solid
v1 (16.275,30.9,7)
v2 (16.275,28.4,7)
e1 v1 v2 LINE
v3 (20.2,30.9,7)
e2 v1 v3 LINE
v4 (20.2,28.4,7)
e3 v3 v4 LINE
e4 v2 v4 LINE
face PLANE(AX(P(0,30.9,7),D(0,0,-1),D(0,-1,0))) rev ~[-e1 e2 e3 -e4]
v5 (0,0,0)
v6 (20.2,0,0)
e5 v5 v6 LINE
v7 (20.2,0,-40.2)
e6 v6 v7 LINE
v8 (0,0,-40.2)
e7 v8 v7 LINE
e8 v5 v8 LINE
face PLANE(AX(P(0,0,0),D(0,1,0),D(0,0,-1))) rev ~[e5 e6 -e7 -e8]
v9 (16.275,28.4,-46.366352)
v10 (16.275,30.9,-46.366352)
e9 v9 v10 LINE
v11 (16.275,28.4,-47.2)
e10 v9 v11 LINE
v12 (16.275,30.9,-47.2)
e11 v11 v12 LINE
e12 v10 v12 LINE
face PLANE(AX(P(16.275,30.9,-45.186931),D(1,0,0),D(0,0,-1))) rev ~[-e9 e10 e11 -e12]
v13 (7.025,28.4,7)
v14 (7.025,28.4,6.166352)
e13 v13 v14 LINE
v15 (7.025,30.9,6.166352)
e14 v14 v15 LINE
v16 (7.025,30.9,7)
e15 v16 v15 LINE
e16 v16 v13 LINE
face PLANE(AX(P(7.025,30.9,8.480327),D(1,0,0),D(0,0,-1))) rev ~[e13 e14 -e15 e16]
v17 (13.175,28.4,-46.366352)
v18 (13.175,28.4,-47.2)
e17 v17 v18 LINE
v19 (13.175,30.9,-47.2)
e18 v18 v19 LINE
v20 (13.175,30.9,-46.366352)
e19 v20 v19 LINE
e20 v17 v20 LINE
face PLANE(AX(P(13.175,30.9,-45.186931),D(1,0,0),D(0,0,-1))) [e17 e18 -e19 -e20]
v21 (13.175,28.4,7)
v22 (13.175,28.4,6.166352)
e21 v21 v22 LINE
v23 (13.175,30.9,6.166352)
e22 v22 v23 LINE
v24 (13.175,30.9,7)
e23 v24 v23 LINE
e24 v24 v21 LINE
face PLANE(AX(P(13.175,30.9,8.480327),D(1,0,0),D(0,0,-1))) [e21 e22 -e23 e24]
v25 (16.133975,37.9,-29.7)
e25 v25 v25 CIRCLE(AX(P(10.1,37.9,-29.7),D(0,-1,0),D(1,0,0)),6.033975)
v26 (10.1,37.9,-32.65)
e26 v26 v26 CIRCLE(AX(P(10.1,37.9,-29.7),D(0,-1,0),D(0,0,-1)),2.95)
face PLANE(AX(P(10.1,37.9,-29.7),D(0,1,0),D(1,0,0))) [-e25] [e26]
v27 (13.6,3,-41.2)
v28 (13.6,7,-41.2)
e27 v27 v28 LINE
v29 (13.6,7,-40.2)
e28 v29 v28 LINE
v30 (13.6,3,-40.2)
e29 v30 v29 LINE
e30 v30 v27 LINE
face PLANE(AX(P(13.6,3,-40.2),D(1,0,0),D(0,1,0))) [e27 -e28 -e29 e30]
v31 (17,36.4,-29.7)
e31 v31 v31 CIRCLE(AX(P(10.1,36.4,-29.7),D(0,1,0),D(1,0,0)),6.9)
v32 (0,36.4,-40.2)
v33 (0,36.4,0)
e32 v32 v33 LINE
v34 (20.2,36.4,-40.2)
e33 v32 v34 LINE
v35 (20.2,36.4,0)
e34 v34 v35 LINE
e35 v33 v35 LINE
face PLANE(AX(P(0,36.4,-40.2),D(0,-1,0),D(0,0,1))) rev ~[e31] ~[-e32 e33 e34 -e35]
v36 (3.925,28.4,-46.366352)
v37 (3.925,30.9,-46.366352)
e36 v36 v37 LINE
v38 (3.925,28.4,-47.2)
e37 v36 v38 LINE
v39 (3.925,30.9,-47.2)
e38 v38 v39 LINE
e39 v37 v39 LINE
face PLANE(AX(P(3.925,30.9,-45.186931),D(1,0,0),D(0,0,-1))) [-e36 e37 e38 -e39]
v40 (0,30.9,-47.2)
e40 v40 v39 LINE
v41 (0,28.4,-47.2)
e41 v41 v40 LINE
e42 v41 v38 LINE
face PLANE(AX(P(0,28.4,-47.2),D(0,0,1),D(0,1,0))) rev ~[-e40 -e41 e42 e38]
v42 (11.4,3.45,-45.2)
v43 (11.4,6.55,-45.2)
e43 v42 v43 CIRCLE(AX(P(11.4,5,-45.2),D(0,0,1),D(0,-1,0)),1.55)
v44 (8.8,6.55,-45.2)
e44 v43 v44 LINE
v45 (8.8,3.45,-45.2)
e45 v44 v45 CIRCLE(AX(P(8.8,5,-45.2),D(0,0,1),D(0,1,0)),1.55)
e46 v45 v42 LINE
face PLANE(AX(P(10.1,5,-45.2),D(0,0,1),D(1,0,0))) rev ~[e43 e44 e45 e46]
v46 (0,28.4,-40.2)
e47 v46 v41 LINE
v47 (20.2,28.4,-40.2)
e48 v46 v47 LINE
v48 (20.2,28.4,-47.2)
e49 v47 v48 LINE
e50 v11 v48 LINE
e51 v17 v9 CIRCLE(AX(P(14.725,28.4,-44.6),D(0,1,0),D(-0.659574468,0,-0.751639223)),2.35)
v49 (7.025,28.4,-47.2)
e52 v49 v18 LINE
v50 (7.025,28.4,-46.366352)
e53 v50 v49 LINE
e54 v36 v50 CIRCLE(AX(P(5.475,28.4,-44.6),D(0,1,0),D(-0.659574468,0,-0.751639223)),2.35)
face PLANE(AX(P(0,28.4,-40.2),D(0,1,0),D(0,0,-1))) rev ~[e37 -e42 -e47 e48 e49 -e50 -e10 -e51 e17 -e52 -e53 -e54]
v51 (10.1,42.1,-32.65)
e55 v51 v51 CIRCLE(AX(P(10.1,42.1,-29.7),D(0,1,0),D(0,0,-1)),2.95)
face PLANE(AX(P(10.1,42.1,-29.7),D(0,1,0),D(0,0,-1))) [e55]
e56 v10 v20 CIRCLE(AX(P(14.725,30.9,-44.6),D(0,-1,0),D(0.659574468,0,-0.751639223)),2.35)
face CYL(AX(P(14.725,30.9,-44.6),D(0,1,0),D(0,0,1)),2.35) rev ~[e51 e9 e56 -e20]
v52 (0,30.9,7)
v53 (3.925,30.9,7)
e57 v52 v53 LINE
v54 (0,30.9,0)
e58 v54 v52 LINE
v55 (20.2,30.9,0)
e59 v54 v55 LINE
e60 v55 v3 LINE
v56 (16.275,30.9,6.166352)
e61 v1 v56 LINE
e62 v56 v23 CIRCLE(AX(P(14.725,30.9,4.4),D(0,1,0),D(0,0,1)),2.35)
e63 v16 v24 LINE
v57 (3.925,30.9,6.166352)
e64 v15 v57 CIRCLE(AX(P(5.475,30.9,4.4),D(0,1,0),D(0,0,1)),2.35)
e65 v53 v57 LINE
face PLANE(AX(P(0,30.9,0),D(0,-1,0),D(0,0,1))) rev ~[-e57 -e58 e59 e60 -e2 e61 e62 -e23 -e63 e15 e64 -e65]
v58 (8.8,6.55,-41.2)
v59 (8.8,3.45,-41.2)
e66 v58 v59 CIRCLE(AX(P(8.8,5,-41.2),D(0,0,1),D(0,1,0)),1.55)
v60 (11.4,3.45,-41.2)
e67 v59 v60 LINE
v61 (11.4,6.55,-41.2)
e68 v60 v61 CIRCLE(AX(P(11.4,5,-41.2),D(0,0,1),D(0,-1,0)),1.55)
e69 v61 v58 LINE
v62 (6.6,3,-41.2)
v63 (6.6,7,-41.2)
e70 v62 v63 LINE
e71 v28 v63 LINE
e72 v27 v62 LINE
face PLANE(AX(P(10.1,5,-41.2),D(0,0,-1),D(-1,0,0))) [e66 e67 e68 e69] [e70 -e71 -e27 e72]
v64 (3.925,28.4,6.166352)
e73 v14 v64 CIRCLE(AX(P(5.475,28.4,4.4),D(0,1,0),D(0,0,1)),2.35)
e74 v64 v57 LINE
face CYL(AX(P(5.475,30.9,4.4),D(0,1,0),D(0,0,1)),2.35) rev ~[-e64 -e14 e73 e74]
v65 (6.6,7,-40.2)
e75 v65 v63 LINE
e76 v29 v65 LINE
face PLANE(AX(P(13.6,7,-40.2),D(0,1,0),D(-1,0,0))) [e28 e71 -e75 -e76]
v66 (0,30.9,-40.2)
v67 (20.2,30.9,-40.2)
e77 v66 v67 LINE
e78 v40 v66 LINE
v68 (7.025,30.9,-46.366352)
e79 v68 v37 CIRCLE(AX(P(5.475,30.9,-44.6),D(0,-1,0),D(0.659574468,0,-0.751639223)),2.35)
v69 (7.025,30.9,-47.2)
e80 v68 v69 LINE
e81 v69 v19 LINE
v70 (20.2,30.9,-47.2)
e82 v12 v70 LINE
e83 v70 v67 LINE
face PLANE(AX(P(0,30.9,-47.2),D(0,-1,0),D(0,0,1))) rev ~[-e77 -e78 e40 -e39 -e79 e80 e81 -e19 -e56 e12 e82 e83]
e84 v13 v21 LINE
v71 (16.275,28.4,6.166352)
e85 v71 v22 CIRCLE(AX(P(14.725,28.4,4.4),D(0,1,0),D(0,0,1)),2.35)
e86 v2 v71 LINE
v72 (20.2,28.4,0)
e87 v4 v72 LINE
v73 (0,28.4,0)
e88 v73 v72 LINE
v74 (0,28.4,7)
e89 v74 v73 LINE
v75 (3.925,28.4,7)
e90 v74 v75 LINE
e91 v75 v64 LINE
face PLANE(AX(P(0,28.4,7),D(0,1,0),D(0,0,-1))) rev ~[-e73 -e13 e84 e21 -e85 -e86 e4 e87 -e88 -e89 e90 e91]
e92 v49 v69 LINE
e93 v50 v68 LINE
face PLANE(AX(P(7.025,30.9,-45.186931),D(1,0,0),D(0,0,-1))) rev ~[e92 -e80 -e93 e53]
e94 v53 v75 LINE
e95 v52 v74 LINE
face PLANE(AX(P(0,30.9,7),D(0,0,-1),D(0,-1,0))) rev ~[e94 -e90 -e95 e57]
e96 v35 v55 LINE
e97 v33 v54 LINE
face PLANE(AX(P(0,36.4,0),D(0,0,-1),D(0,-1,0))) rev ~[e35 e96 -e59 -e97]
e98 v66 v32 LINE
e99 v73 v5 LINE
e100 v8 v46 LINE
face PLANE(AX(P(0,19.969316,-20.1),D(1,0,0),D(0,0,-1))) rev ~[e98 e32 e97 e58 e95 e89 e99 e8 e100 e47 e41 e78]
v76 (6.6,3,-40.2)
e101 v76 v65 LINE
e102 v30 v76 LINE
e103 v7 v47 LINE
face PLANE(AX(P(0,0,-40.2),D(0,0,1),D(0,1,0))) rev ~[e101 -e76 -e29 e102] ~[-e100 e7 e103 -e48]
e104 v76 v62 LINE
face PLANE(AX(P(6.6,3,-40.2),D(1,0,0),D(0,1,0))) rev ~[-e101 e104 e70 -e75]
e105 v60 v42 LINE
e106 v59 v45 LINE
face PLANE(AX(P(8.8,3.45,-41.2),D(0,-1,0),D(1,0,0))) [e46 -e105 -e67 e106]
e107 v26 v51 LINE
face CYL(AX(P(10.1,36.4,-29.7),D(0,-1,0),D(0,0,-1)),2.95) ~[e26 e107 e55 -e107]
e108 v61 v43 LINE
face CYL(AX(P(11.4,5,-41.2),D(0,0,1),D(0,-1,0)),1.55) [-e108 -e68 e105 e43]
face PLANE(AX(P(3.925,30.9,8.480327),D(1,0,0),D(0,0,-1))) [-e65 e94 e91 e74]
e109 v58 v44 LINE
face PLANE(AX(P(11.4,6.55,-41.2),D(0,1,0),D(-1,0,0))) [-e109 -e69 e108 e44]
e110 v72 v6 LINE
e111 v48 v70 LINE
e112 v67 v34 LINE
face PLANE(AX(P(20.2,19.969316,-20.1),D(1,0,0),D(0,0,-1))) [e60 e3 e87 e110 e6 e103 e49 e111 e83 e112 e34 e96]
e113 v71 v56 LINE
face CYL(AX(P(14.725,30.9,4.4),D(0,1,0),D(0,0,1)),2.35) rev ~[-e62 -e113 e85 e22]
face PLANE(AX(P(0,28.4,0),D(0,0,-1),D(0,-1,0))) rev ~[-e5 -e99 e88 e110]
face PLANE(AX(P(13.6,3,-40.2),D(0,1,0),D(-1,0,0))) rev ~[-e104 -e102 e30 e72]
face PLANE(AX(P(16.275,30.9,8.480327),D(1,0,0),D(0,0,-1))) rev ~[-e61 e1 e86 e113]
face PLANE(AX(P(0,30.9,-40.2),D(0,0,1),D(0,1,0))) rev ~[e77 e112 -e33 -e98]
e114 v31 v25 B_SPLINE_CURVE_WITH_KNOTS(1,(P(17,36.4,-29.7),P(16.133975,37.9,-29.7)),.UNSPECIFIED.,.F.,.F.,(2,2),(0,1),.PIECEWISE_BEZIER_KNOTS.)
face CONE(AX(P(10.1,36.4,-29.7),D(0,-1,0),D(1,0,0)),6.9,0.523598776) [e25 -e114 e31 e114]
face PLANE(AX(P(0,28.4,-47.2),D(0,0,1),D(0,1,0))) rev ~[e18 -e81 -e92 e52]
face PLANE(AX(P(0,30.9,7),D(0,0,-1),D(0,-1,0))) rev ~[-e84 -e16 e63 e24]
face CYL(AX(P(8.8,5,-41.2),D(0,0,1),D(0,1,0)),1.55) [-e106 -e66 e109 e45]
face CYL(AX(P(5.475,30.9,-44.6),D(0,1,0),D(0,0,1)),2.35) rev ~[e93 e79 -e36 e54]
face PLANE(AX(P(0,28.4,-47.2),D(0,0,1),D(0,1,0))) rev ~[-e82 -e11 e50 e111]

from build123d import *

# Parameters (mm, degrees)
BOSS_EXTRU_1_DEPTH      = 20.2
ESQUISSE2_R             = 2.35
ENL_V_MAT_EXTRU_1_DEPTH = 60.922366442
ESQUISSE8_W             = 3.1
ESQUISSE8_H             = 3.49339615
ENL_V_MAT_EXTRU_2_DEPTH = 10
ESQUISSE3_R             = 2.95
BOSS_EXTRU_2_DEPTH      = 5.7
ESQUISSE5_R             = 6.9
BOSS_EXTRU_4_DEPTH      = 1.5
BOSS_EXTRU_4_TAPER      = 30
ESQUISSE6_W             = 7
ESQUISSE6_H             = 4
BOSS_EXTRU_5_DEPTH      = 1
BOSS_EXTRU_6_DEPTH      = 4


with BuildPart() as part:
    # Esquisse1 → Boss.-Extru.1 (new body)
    with BuildSketch(Plane(origin=(0, 0, 0), x_dir=(0, 0, -1), z_dir=(1, 0, 0))):
        Polygon((0, 0), (40.2, 0), (40.2, 28.4), (47.2, 28.4), (47.2, 30.9), (40.2, 30.9), (40.2, 36.4), (0, 36.4), (0, 30.9), (-7, 30.9), (-7, 28.4), (0, 28.4), align=None)
    extrude(amount=BOSS_EXTRU_1_DEPTH)

    # Esquisse2 → Enlèv. mat.-Extru.1 (cut, through all)
    with BuildSketch(Plane(origin=(0, 30.9, 0), x_dir=(1, 0, 0), z_dir=(0, 1, 0))):
        with Locations(Location((5.475, 44.6, 0), (0, 0, 270))):
            Circle(ESQUISSE2_R)
        with Locations(Location((14.725, 44.6, 0), (0, 0, 270))):
            Circle(ESQUISSE2_R)
        with Locations(Location((14.725, -4.4, 0), (0, 0, 270))):
            Circle(ESQUISSE2_R)
        with Locations(Location((5.475, -4.4, 0), (0, 0, 270))):
            Circle(ESQUISSE2_R)
    extrude(amount=-ENL_V_MAT_EXTRU_1_DEPTH, mode=Mode.SUBTRACT)

    # Esquisse8 → Enlèv. mat.-Extru.2 (cut)
    with BuildSketch(Plane(origin=(0, 30.9, 0), x_dir=(1, 0, 0), z_dir=(0, 1, 0))):
        with Locations((5.475, 46.933629306)):
            Rectangle(ESQUISSE8_W, ESQUISSE8_H)
        with Locations((14.725, 46.933629306)):
            Rectangle(ESQUISSE8_W, ESQUISSE8_H)
        with Locations((14.725, -6.733629306)):
            Rectangle(ESQUISSE8_W, ESQUISSE8_H)
        with Locations((5.475, -6.733629306)):
            Rectangle(ESQUISSE8_W, ESQUISSE8_H)
    extrude(amount=-ENL_V_MAT_EXTRU_2_DEPTH, mode=Mode.SUBTRACT)

    # Esquisse3 → Boss.-Extru.2 (add)
    with BuildSketch(Plane(origin=(0, 36.4, 0), x_dir=(1, 0, 0), z_dir=(0, 1, 0))):
        with Locations(Location((10.1, 29.7, 0), (0, 0, 90))):
            Circle(ESQUISSE3_R)
    extrude(amount=BOSS_EXTRU_2_DEPTH)

    # Esquisse5 → Boss.-Extru.4 (add)
    with BuildSketch(Plane(origin=(0, 36.4, 0), x_dir=(1, 0, 0), z_dir=(0, 1, 0))):
        with Locations((10.1, 29.7)):
            Circle(ESQUISSE5_R)
    extrude(amount=BOSS_EXTRU_4_DEPTH, taper=BOSS_EXTRU_4_TAPER)

    # Esquisse6 → Boss.-Extru.5 (add)
    with BuildSketch(Plane(origin=(0, 0, -40.2), x_dir=(-1, 0, 0), z_dir=(0, 0, -1))):
        with Locations((-10.1, 5)):
            Rectangle(ESQUISSE6_W, ESQUISSE6_H)
    extrude(amount=BOSS_EXTRU_5_DEPTH)

    # Esquisse7 → Boss.-Extru.6 (add)
    with BuildSketch(Plane(origin=(0, 0, -41.2), x_dir=(-1, 0, 0), z_dir=(0, 0, -1))):
        with BuildLine():
            Line((-11.4, 6.55), (-8.8, 6.55))
            ThreePointArc((-8.8, 6.55), (-7.25, 5), (-8.8, 3.45))
            Line((-8.8, 3.45), (-11.4, 3.45))
            ThreePointArc((-11.4, 3.45), (-12.95, 5), (-11.4, 6.55))
        make_face()
    extrude(amount=BOSS_EXTRU_6_DEPTH)


solid = part.part
